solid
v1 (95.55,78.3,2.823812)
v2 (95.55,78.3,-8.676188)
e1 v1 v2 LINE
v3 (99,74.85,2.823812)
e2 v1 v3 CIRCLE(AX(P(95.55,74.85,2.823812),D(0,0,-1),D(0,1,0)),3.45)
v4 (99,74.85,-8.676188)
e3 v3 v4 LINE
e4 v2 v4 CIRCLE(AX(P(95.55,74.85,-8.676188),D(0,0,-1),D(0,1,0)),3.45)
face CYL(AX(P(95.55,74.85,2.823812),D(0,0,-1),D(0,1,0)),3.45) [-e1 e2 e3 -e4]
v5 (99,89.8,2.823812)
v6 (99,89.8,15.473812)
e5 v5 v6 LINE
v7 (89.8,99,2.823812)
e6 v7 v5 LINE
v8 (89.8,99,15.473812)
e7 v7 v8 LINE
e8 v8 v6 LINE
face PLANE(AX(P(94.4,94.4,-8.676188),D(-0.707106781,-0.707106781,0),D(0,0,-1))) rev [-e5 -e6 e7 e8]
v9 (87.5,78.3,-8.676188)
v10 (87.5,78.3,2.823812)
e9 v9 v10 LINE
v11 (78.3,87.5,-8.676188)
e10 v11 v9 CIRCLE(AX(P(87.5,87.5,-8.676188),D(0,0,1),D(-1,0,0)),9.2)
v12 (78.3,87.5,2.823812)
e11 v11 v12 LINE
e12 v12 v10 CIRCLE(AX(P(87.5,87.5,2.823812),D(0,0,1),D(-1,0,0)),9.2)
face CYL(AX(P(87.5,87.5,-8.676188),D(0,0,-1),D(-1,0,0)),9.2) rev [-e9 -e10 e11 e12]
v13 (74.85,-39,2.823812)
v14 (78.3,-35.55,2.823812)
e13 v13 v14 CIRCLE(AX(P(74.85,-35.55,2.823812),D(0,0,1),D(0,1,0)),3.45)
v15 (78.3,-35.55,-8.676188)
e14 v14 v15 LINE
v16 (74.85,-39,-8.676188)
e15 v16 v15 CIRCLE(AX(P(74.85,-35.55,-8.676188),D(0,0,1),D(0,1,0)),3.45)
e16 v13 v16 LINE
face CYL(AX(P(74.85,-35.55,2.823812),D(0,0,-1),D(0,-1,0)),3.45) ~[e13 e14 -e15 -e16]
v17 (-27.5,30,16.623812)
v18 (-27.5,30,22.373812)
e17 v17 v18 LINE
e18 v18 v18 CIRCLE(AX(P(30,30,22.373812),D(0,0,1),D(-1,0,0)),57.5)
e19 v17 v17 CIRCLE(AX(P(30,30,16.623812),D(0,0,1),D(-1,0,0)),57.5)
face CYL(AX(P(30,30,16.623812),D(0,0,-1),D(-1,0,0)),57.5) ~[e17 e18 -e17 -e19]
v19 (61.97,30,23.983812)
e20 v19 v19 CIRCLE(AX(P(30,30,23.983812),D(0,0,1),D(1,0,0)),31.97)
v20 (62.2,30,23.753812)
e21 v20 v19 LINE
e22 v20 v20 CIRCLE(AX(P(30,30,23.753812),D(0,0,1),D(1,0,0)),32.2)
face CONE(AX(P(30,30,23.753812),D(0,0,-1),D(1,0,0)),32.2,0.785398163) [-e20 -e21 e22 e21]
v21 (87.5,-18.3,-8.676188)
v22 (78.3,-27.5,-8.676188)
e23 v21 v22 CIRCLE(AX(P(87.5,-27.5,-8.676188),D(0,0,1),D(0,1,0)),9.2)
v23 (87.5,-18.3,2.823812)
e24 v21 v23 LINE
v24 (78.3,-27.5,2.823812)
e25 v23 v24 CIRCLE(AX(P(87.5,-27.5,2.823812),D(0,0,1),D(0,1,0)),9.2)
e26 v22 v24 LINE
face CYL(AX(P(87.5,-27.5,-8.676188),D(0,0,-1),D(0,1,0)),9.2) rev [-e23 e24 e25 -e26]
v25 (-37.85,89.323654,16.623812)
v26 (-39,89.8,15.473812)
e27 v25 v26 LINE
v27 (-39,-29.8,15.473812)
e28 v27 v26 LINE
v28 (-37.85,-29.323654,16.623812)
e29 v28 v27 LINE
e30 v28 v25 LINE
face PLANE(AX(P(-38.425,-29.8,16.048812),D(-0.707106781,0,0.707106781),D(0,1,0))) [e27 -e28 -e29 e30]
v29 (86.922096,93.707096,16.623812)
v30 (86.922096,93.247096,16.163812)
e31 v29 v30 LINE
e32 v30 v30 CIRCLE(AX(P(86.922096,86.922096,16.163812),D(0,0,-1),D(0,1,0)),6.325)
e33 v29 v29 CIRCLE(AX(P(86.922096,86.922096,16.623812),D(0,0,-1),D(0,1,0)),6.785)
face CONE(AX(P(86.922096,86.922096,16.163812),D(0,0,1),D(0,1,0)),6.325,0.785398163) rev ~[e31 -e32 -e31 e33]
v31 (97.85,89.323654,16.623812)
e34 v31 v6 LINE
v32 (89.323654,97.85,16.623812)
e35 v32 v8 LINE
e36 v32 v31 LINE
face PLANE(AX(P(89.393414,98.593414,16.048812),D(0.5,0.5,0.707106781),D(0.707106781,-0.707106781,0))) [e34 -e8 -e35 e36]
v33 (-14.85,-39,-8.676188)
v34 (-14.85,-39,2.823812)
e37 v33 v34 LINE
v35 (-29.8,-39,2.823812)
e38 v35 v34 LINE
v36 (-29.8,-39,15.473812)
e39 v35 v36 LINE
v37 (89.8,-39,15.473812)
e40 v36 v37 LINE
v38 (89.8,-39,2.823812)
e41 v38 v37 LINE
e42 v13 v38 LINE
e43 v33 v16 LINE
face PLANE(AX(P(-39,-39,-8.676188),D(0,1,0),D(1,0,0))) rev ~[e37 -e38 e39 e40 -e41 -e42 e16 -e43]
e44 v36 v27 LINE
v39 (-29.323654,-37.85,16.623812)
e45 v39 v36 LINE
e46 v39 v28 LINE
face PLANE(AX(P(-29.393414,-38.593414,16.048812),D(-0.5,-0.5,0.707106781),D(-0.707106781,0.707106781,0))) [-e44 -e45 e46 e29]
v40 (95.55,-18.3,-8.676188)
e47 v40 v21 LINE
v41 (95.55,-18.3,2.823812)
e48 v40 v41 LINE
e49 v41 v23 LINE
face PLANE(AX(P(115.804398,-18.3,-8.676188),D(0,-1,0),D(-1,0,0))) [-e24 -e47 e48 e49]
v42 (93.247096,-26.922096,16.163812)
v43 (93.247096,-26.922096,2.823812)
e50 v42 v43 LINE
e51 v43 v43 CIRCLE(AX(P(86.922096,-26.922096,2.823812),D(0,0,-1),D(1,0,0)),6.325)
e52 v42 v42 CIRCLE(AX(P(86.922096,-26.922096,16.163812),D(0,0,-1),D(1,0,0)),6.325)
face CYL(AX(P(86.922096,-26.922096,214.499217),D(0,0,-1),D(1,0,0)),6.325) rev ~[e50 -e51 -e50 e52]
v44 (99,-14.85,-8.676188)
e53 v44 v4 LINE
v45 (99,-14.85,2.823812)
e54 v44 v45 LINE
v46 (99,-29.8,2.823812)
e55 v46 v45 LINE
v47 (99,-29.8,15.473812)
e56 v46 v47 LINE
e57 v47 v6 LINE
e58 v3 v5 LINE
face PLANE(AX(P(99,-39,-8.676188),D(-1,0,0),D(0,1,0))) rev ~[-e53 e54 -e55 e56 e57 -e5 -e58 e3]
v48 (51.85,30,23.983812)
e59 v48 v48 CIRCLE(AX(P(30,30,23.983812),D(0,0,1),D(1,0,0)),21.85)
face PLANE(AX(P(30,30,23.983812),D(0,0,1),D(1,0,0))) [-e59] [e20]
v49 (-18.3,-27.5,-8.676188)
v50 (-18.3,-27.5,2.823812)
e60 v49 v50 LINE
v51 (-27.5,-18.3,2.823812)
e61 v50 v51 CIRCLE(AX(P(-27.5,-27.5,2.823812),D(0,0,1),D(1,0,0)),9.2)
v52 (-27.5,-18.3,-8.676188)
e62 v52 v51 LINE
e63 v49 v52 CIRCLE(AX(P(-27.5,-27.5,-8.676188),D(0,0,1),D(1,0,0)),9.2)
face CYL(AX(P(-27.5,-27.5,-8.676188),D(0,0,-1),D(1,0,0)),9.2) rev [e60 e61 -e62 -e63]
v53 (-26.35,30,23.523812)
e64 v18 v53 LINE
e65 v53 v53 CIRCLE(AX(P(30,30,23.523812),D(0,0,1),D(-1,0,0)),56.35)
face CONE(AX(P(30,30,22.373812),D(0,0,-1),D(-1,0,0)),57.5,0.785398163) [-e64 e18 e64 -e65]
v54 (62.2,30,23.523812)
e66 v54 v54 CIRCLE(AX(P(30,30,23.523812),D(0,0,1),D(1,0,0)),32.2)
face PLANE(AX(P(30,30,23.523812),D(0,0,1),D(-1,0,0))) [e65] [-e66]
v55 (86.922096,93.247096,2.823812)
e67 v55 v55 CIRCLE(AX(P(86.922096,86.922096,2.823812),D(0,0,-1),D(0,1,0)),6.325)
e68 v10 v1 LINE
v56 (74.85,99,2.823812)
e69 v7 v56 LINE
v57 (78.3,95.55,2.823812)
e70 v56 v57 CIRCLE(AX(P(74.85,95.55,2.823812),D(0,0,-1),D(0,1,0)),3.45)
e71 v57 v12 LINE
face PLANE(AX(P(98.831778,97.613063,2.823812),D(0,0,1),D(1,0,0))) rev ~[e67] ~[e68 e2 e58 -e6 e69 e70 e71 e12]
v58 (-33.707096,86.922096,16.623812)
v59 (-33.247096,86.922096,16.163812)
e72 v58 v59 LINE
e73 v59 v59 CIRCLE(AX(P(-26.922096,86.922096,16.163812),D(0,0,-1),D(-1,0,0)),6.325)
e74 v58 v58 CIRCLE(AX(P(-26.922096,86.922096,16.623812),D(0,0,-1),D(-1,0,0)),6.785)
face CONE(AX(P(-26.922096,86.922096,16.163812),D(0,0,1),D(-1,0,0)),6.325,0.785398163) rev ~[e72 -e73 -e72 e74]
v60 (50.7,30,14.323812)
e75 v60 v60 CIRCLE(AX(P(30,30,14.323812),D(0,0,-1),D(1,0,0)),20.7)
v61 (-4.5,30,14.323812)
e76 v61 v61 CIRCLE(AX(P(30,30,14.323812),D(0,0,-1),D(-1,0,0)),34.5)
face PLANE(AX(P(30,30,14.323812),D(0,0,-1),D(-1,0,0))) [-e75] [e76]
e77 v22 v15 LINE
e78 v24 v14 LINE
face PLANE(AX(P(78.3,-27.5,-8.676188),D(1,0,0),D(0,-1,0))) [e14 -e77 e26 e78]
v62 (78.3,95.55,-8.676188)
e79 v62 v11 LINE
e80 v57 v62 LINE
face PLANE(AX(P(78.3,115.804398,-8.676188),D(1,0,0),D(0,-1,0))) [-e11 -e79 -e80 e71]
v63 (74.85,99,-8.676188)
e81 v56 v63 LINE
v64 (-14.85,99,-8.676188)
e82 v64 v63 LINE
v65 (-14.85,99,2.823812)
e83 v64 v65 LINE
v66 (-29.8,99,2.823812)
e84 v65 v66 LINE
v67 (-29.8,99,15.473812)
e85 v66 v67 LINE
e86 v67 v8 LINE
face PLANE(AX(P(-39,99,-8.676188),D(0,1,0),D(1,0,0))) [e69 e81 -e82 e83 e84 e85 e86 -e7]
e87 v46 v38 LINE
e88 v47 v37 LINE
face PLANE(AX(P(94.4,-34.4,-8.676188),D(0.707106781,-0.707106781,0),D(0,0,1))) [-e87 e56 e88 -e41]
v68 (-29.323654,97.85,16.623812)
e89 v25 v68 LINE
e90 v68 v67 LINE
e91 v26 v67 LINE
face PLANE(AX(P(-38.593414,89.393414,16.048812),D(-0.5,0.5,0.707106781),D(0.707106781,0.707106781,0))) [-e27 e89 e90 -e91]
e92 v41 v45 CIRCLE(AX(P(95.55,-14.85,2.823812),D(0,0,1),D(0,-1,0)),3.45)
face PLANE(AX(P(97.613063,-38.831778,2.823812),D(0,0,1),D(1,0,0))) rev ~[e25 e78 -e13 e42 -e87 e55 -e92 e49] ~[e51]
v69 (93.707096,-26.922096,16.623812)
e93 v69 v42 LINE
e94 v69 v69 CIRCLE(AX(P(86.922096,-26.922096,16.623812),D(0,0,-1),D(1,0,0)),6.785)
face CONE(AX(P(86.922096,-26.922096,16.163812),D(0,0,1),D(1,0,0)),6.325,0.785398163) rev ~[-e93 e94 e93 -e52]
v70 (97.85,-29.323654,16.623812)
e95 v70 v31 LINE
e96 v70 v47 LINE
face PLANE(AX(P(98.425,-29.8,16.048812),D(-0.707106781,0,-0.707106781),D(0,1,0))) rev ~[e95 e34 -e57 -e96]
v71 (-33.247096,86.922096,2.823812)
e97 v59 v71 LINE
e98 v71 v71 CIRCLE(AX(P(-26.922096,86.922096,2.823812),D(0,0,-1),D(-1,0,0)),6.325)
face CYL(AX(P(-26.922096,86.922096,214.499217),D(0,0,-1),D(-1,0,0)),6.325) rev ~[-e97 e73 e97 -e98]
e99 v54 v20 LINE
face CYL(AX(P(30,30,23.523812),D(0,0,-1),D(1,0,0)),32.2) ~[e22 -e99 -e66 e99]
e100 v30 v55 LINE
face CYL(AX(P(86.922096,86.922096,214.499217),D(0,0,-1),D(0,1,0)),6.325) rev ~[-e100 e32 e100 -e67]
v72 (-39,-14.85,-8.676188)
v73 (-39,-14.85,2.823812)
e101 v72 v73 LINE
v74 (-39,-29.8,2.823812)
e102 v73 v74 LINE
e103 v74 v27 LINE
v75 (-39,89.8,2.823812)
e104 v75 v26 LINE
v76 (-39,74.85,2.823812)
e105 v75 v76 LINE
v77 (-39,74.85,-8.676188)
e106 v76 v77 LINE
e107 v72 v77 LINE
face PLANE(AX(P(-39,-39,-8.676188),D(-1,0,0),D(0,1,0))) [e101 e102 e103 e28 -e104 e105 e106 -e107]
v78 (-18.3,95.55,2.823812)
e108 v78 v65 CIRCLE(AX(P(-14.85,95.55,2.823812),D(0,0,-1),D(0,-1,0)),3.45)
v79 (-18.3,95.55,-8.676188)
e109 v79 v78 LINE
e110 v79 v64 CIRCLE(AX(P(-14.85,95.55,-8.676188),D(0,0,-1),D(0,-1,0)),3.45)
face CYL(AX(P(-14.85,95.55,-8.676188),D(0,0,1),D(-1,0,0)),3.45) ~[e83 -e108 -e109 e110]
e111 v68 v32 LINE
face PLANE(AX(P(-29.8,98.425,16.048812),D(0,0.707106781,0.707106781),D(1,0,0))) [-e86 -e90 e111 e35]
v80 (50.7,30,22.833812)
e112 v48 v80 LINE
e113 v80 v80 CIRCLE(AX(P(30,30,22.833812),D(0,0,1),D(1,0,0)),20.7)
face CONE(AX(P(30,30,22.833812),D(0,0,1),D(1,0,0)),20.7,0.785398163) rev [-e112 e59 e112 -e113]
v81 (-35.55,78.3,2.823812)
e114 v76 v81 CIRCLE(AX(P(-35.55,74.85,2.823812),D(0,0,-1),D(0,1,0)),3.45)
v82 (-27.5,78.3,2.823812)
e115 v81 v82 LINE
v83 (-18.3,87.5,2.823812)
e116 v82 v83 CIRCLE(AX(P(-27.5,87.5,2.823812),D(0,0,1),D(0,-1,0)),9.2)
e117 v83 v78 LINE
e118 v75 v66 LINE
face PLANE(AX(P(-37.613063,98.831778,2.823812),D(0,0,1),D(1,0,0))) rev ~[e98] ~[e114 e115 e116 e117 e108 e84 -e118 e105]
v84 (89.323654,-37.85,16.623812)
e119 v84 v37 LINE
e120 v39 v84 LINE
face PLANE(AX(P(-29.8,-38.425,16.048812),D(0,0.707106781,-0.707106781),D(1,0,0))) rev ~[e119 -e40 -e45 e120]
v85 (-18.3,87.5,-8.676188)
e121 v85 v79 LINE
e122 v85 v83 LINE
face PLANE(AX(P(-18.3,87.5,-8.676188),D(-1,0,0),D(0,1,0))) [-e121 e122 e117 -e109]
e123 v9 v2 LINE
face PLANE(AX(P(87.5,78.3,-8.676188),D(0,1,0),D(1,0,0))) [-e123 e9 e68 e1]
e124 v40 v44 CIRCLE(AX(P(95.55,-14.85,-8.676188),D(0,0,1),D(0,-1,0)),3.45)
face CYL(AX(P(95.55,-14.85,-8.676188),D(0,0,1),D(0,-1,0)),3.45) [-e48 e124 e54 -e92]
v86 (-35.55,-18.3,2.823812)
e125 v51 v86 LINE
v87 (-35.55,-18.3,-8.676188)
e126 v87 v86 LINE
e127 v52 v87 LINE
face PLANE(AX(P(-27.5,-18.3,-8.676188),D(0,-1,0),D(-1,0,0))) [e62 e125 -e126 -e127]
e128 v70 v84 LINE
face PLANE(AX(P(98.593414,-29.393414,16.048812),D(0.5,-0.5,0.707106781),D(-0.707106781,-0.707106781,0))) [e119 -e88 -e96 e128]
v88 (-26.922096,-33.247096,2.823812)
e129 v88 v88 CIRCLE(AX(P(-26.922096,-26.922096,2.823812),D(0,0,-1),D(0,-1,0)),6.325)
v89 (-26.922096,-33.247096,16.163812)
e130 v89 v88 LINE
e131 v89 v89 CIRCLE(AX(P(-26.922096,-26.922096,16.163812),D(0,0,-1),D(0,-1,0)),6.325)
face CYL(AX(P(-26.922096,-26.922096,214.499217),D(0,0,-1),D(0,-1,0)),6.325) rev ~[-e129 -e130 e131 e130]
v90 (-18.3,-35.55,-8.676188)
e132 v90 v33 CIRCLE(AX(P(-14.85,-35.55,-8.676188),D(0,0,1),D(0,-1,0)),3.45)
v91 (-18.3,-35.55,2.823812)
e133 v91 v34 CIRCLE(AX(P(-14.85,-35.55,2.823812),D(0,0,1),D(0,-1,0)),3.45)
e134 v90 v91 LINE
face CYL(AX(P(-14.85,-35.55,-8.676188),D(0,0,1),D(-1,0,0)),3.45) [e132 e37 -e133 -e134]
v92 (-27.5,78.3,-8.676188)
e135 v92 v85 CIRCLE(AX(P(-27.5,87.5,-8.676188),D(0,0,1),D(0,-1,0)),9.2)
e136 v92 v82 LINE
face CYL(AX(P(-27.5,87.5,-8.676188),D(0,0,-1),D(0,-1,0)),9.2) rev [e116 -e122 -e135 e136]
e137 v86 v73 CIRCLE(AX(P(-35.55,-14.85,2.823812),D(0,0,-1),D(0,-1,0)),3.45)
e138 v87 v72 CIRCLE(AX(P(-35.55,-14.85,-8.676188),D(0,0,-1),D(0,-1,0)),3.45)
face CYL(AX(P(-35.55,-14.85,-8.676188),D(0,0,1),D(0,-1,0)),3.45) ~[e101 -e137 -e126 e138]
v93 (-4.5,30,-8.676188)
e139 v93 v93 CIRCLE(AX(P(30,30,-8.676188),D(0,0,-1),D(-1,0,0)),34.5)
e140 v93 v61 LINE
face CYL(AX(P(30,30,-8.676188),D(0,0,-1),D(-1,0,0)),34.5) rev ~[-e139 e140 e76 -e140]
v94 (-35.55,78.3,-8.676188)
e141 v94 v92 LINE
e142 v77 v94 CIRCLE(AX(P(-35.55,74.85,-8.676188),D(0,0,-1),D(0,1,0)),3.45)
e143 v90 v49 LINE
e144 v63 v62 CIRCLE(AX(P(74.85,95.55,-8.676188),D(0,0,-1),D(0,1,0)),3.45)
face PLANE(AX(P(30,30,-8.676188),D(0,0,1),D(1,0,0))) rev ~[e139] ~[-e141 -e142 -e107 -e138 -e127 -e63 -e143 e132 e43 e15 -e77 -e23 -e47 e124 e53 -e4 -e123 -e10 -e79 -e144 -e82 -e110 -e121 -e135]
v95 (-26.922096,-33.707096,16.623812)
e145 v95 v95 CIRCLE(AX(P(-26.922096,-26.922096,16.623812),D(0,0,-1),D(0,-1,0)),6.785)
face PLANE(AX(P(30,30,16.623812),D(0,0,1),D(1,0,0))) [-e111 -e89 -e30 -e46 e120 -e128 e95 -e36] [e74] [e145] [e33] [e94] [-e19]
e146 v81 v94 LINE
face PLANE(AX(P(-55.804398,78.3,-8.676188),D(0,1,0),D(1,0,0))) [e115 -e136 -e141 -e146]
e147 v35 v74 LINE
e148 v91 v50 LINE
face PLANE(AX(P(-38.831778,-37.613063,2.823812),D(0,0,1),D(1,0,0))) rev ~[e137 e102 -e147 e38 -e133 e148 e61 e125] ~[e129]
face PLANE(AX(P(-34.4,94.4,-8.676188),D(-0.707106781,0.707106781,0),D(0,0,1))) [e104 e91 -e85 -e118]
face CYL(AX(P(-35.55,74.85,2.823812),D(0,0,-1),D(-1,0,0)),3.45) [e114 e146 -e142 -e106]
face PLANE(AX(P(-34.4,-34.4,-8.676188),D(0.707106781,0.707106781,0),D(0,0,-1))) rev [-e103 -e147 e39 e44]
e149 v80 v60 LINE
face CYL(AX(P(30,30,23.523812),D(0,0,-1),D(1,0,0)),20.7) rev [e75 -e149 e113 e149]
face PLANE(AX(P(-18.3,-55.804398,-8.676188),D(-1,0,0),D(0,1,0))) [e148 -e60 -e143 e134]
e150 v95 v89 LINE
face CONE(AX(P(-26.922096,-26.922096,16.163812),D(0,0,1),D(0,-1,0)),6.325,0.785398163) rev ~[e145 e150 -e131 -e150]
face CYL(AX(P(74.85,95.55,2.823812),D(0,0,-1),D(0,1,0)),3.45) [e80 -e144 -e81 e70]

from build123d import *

# Parameters (mm, degrees)
SKETCH1_W                  = 60
SKETCH1_H                  = 60
SKETCH1_R                  = 9
BOSS_EXTRUDE1_DEPTH        = 11
SKETCH2_R                  = 25
SKETCH2_R_2                = 9
BOSS_EXTRUDE2_DEPTH        = 3
SKETCH3_R                  = 14
SKETCH3_R_2                = 9
BOSS_EXTRUDE3_DEPTH        = 0.2
CHAMFER1_SIZE              = 0.5
CHAMFER2_SIZE              = 0.5
F_5_5_5_5_DIAMETER_HOLE1_D = 5.5
CIRPATTERN1_COUNT          = 4
CHAMFER3_SIZE              = 4
CHAMFER4_SIZE              = 4
CHAMFER5_SIZE              = 4
CHAMFER6_SIZE              = 4
CUT_EXTRUDE1_DEPTH         = 5
FILLET3_R                  = 1.5
FILLET4_R                  = 1.5
FILLET5_R                  = 1.5
CHAMFER7_SIZE              = 0.5
CHAMFER8_SIZE              = 0.2
CHAMFER9_SIZE              = 0.1
CHAMFER10_SIZE             = 0.5
SKETCH7_R                  = 15
CUT_EXTRUDE2_DEPTH         = 10
SCALE1_SCALE               = 2.3


with BuildPart() as part:
    # Sketch1 → Boss-Extrude1 (new body)
    with BuildSketch(Plane.XY):
        with Locations((30, 30)):
            Rectangle(SKETCH1_W, SKETCH1_H)
        with Locations((30, 30)):
            Circle(SKETCH1_R, mode=Mode.SUBTRACT)
    extrude(amount=BOSS_EXTRUDE1_DEPTH)

    # Sketch2 → Boss-Extrude2 (add)
    with BuildSketch(Plane.XY.offset(11)):
        with Locations(Location((30, 30, 0), (0, 0, 180))):
            Circle(SKETCH2_R)
        with Locations((30, 30)):
            Circle(SKETCH2_R_2, mode=Mode.SUBTRACT)
    extrude(amount=BOSS_EXTRUDE2_DEPTH)

    # Sketch3 → Boss-Extrude3 (add)
    with BuildSketch(Plane.XY.offset(14)):
        with Locations((30, 30)):
            Circle(SKETCH3_R)
        with Locations((30, 30)):
            Circle(SKETCH3_R_2, mode=Mode.SUBTRACT)
    extrude(amount=BOSS_EXTRUDE3_DEPTH)

    # Chamfer1
    chamfer1_edges = [part.edges().sort_by_distance(p)[0] for p in [
        (55, 30, 14),
    ]]
    chamfer(chamfer1_edges, length=CHAMFER1_SIZE)

    # Chamfer2
    chamfer2_edges = [part.edges().sort_by_distance(p)[0] for p in [
        (21, 30, 14.2),
    ]]
    chamfer(chamfer2_edges, length=CHAMFER2_SIZE)

    # Ø5.5 (5.5) Diameter Hole1 (through all)
    with Locations(Plane.XY.offset(11)):
        with Locations((5.251262658, 54.748737342)):
            f_5_5_5_5_diameter_hole1 = Hole(F_5_5_5_5_DIAMETER_HOLE1_D / 2)

    # CirPattern1: Ø5.5 (5.5) Diameter Hole1 ×4 about axis
    cirpattern1_axis = Axis((30, 30, 0), (0, 0, 1))
    for i in range(1, CIRPATTERN1_COUNT):
        add(f_5_5_5_5_diameter_hole1.rotate(cirpattern1_axis, i * 360 / CIRPATTERN1_COUNT), mode=Mode.SUBTRACT)

    # Chamfer3
    chamfer3_edges = [part.edges().sort_by_distance(p)[0] for p in [
        (0, 60, 5.5),
    ]]
    chamfer(chamfer3_edges, length=CHAMFER3_SIZE)

    # Chamfer4
    chamfer4_edges = [part.edges().sort_by_distance(p)[0] for p in [
        (60, 60, 5.5),
    ]]
    chamfer(chamfer4_edges, length=CHAMFER4_SIZE)

    # Chamfer5
    chamfer5_edges = [part.edges().sort_by_distance(p)[0] for p in [
        (60, 0, 5.5),
    ]]
    chamfer(chamfer5_edges, length=CHAMFER5_SIZE)

    # Chamfer6
    chamfer6_edges = [part.edges().sort_by_distance(p)[0] for p in [
        (0, 0, 5.5),
    ]]
    chamfer(chamfer6_edges, length=CHAMFER6_SIZE)

    # Sketch6 → Cut-Extrude1 (cut)
    with BuildSketch(Plane(origin=(0, 0, 0), x_dir=(-1, 0, 0), z_dir=(0, 0, -1))):
        with BuildLine():
            Line((-9, 68.337846227), (7.306259914, 68.337846227))
            Line((7.306259914, 68.337846227), (7.306259914, 51))
            Line((7.306259914, 51), (-5, 51))
            ThreePointArc((-5, 51), (-7.828427125, 52.171572875), (-9, 55))
            Line((-9, 55), (-9, 68.337846227))
        make_face()
        with BuildLine():
            Line((8.337846227, 9), (8.337846227, -7.306259914))
            Line((8.337846227, -7.306259914), (-9, -7.306259914))
            Line((-9, -7.306259914), (-9, 5))
            ThreePointArc((-9, 5), (-7.828427125, 7.828427125), (-5, 9))
            Line((-5, 9), (8.337846227, 9))
        make_face()
        with BuildLine():
            Line((-51, -8.337846227), (-67.306259914, -8.337846227))
            Line((-67.306259914, -8.337846227), (-67.306259914, 9))
            Line((-67.306259914, 9), (-55, 9))
            ThreePointArc((-55, 9), (-52.171572875, 7.828427125), (-51, 5))
            Line((-51, 5), (-51, -8.337846227))
        make_face()
        with BuildLine():
            Line((-68.337846227, 51), (-68.337846227, 67.306259914))
            Line((-68.337846227, 67.306259914), (-51, 67.306259914))
            Line((-51, 67.306259914), (-51, 55))
            ThreePointArc((-51, 55), (-52.171572875, 52.171572875), (-55, 51))
            Line((-55, 51), (-68.337846227, 51))
        make_face()
    extrude(amount=-CUT_EXTRUDE1_DEPTH, mode=Mode.SUBTRACT)

    # Fillet3
    fillet3_edges = [part.edges().sort_by_distance(p)[0] for p in [
        (60, 51, 2.5),
    ]]
    fillet(fillet3_edges, radius=FILLET3_R)

    # Fillet4
    fillet4_edges = [part.edges().sort_by_distance(p)[0] for p in [
        (51, 60, 2.5),
    ]]
    fillet(fillet4_edges, radius=FILLET4_R)

    # Fillet5
    fillet5_edges = [part.edges().sort_by_distance(p)[0] for p in [
        (9, 0, 2.5),
        (0, 9, 2.5),
        (60, 9, 2.5),
        (51, 0, 2.5),
        (9, 60, 2.5),
        (0, 51, 2.5),
    ]]
    fillet(fillet5_edges, radius=FILLET5_R)

    # Chamfer7
    chamfer7_edges = [part.edges().sort_by_distance(p)[0] for p in [
        (0, 30, 11),
        (2, 58, 11),
        (30, 60, 11),
        (58, 58, 11),
        (60, 30, 11),
        (58, 2, 11),
        (30, 0, 11),
        (2, 2, 11),
    ]]
    chamfer(chamfer7_edges, length=CHAMFER7_SIZE)

    # Chamfer8
    chamfer8_edges = [part.edges().sort_by_distance(p)[0] for p in [
        (8.001262658, 54.748737342, 11),
        (5.251262658, 8.001262658, 11),
        (51.998737342, 5.251262658, 11),
        (54.748737342, 51.998737342, 11),
    ]]
    chamfer(chamfer8_edges, length=CHAMFER8_SIZE)

    # Chamfer9
    chamfer9_edges = [part.edges().sort_by_distance(p)[0] for p in [
        (16, 30, 14.2),
    ]]
    chamfer(chamfer9_edges, length=CHAMFER9_SIZE)

    # Chamfer10
    chamfer10_edges = [part.edges().sort_by_distance(p)[0] for p in [
        (21, 30, 0),
    ]]
    chamfer(chamfer10_edges, length=CHAMFER10_SIZE)

    # Sketch7 → Cut-Extrude2 (cut)
    with BuildSketch(Plane(origin=(0, 0, 0), x_dir=(-1, 0, 0), z_dir=(0, 0, -1))):
        with Locations((-30, 30)):
            Circle(SKETCH7_R)
    extrude(amount=-CUT_EXTRUDE2_DEPTH, mode=Mode.SUBTRACT)


with BuildPart() as part_1:
    # Scale1: scaled about (30, 30, 6.673990553)
    add(part.part.scale(SCALE1_SCALE).moved(Location((-39, -39, -8.676187719))))


solid = part_1.part
